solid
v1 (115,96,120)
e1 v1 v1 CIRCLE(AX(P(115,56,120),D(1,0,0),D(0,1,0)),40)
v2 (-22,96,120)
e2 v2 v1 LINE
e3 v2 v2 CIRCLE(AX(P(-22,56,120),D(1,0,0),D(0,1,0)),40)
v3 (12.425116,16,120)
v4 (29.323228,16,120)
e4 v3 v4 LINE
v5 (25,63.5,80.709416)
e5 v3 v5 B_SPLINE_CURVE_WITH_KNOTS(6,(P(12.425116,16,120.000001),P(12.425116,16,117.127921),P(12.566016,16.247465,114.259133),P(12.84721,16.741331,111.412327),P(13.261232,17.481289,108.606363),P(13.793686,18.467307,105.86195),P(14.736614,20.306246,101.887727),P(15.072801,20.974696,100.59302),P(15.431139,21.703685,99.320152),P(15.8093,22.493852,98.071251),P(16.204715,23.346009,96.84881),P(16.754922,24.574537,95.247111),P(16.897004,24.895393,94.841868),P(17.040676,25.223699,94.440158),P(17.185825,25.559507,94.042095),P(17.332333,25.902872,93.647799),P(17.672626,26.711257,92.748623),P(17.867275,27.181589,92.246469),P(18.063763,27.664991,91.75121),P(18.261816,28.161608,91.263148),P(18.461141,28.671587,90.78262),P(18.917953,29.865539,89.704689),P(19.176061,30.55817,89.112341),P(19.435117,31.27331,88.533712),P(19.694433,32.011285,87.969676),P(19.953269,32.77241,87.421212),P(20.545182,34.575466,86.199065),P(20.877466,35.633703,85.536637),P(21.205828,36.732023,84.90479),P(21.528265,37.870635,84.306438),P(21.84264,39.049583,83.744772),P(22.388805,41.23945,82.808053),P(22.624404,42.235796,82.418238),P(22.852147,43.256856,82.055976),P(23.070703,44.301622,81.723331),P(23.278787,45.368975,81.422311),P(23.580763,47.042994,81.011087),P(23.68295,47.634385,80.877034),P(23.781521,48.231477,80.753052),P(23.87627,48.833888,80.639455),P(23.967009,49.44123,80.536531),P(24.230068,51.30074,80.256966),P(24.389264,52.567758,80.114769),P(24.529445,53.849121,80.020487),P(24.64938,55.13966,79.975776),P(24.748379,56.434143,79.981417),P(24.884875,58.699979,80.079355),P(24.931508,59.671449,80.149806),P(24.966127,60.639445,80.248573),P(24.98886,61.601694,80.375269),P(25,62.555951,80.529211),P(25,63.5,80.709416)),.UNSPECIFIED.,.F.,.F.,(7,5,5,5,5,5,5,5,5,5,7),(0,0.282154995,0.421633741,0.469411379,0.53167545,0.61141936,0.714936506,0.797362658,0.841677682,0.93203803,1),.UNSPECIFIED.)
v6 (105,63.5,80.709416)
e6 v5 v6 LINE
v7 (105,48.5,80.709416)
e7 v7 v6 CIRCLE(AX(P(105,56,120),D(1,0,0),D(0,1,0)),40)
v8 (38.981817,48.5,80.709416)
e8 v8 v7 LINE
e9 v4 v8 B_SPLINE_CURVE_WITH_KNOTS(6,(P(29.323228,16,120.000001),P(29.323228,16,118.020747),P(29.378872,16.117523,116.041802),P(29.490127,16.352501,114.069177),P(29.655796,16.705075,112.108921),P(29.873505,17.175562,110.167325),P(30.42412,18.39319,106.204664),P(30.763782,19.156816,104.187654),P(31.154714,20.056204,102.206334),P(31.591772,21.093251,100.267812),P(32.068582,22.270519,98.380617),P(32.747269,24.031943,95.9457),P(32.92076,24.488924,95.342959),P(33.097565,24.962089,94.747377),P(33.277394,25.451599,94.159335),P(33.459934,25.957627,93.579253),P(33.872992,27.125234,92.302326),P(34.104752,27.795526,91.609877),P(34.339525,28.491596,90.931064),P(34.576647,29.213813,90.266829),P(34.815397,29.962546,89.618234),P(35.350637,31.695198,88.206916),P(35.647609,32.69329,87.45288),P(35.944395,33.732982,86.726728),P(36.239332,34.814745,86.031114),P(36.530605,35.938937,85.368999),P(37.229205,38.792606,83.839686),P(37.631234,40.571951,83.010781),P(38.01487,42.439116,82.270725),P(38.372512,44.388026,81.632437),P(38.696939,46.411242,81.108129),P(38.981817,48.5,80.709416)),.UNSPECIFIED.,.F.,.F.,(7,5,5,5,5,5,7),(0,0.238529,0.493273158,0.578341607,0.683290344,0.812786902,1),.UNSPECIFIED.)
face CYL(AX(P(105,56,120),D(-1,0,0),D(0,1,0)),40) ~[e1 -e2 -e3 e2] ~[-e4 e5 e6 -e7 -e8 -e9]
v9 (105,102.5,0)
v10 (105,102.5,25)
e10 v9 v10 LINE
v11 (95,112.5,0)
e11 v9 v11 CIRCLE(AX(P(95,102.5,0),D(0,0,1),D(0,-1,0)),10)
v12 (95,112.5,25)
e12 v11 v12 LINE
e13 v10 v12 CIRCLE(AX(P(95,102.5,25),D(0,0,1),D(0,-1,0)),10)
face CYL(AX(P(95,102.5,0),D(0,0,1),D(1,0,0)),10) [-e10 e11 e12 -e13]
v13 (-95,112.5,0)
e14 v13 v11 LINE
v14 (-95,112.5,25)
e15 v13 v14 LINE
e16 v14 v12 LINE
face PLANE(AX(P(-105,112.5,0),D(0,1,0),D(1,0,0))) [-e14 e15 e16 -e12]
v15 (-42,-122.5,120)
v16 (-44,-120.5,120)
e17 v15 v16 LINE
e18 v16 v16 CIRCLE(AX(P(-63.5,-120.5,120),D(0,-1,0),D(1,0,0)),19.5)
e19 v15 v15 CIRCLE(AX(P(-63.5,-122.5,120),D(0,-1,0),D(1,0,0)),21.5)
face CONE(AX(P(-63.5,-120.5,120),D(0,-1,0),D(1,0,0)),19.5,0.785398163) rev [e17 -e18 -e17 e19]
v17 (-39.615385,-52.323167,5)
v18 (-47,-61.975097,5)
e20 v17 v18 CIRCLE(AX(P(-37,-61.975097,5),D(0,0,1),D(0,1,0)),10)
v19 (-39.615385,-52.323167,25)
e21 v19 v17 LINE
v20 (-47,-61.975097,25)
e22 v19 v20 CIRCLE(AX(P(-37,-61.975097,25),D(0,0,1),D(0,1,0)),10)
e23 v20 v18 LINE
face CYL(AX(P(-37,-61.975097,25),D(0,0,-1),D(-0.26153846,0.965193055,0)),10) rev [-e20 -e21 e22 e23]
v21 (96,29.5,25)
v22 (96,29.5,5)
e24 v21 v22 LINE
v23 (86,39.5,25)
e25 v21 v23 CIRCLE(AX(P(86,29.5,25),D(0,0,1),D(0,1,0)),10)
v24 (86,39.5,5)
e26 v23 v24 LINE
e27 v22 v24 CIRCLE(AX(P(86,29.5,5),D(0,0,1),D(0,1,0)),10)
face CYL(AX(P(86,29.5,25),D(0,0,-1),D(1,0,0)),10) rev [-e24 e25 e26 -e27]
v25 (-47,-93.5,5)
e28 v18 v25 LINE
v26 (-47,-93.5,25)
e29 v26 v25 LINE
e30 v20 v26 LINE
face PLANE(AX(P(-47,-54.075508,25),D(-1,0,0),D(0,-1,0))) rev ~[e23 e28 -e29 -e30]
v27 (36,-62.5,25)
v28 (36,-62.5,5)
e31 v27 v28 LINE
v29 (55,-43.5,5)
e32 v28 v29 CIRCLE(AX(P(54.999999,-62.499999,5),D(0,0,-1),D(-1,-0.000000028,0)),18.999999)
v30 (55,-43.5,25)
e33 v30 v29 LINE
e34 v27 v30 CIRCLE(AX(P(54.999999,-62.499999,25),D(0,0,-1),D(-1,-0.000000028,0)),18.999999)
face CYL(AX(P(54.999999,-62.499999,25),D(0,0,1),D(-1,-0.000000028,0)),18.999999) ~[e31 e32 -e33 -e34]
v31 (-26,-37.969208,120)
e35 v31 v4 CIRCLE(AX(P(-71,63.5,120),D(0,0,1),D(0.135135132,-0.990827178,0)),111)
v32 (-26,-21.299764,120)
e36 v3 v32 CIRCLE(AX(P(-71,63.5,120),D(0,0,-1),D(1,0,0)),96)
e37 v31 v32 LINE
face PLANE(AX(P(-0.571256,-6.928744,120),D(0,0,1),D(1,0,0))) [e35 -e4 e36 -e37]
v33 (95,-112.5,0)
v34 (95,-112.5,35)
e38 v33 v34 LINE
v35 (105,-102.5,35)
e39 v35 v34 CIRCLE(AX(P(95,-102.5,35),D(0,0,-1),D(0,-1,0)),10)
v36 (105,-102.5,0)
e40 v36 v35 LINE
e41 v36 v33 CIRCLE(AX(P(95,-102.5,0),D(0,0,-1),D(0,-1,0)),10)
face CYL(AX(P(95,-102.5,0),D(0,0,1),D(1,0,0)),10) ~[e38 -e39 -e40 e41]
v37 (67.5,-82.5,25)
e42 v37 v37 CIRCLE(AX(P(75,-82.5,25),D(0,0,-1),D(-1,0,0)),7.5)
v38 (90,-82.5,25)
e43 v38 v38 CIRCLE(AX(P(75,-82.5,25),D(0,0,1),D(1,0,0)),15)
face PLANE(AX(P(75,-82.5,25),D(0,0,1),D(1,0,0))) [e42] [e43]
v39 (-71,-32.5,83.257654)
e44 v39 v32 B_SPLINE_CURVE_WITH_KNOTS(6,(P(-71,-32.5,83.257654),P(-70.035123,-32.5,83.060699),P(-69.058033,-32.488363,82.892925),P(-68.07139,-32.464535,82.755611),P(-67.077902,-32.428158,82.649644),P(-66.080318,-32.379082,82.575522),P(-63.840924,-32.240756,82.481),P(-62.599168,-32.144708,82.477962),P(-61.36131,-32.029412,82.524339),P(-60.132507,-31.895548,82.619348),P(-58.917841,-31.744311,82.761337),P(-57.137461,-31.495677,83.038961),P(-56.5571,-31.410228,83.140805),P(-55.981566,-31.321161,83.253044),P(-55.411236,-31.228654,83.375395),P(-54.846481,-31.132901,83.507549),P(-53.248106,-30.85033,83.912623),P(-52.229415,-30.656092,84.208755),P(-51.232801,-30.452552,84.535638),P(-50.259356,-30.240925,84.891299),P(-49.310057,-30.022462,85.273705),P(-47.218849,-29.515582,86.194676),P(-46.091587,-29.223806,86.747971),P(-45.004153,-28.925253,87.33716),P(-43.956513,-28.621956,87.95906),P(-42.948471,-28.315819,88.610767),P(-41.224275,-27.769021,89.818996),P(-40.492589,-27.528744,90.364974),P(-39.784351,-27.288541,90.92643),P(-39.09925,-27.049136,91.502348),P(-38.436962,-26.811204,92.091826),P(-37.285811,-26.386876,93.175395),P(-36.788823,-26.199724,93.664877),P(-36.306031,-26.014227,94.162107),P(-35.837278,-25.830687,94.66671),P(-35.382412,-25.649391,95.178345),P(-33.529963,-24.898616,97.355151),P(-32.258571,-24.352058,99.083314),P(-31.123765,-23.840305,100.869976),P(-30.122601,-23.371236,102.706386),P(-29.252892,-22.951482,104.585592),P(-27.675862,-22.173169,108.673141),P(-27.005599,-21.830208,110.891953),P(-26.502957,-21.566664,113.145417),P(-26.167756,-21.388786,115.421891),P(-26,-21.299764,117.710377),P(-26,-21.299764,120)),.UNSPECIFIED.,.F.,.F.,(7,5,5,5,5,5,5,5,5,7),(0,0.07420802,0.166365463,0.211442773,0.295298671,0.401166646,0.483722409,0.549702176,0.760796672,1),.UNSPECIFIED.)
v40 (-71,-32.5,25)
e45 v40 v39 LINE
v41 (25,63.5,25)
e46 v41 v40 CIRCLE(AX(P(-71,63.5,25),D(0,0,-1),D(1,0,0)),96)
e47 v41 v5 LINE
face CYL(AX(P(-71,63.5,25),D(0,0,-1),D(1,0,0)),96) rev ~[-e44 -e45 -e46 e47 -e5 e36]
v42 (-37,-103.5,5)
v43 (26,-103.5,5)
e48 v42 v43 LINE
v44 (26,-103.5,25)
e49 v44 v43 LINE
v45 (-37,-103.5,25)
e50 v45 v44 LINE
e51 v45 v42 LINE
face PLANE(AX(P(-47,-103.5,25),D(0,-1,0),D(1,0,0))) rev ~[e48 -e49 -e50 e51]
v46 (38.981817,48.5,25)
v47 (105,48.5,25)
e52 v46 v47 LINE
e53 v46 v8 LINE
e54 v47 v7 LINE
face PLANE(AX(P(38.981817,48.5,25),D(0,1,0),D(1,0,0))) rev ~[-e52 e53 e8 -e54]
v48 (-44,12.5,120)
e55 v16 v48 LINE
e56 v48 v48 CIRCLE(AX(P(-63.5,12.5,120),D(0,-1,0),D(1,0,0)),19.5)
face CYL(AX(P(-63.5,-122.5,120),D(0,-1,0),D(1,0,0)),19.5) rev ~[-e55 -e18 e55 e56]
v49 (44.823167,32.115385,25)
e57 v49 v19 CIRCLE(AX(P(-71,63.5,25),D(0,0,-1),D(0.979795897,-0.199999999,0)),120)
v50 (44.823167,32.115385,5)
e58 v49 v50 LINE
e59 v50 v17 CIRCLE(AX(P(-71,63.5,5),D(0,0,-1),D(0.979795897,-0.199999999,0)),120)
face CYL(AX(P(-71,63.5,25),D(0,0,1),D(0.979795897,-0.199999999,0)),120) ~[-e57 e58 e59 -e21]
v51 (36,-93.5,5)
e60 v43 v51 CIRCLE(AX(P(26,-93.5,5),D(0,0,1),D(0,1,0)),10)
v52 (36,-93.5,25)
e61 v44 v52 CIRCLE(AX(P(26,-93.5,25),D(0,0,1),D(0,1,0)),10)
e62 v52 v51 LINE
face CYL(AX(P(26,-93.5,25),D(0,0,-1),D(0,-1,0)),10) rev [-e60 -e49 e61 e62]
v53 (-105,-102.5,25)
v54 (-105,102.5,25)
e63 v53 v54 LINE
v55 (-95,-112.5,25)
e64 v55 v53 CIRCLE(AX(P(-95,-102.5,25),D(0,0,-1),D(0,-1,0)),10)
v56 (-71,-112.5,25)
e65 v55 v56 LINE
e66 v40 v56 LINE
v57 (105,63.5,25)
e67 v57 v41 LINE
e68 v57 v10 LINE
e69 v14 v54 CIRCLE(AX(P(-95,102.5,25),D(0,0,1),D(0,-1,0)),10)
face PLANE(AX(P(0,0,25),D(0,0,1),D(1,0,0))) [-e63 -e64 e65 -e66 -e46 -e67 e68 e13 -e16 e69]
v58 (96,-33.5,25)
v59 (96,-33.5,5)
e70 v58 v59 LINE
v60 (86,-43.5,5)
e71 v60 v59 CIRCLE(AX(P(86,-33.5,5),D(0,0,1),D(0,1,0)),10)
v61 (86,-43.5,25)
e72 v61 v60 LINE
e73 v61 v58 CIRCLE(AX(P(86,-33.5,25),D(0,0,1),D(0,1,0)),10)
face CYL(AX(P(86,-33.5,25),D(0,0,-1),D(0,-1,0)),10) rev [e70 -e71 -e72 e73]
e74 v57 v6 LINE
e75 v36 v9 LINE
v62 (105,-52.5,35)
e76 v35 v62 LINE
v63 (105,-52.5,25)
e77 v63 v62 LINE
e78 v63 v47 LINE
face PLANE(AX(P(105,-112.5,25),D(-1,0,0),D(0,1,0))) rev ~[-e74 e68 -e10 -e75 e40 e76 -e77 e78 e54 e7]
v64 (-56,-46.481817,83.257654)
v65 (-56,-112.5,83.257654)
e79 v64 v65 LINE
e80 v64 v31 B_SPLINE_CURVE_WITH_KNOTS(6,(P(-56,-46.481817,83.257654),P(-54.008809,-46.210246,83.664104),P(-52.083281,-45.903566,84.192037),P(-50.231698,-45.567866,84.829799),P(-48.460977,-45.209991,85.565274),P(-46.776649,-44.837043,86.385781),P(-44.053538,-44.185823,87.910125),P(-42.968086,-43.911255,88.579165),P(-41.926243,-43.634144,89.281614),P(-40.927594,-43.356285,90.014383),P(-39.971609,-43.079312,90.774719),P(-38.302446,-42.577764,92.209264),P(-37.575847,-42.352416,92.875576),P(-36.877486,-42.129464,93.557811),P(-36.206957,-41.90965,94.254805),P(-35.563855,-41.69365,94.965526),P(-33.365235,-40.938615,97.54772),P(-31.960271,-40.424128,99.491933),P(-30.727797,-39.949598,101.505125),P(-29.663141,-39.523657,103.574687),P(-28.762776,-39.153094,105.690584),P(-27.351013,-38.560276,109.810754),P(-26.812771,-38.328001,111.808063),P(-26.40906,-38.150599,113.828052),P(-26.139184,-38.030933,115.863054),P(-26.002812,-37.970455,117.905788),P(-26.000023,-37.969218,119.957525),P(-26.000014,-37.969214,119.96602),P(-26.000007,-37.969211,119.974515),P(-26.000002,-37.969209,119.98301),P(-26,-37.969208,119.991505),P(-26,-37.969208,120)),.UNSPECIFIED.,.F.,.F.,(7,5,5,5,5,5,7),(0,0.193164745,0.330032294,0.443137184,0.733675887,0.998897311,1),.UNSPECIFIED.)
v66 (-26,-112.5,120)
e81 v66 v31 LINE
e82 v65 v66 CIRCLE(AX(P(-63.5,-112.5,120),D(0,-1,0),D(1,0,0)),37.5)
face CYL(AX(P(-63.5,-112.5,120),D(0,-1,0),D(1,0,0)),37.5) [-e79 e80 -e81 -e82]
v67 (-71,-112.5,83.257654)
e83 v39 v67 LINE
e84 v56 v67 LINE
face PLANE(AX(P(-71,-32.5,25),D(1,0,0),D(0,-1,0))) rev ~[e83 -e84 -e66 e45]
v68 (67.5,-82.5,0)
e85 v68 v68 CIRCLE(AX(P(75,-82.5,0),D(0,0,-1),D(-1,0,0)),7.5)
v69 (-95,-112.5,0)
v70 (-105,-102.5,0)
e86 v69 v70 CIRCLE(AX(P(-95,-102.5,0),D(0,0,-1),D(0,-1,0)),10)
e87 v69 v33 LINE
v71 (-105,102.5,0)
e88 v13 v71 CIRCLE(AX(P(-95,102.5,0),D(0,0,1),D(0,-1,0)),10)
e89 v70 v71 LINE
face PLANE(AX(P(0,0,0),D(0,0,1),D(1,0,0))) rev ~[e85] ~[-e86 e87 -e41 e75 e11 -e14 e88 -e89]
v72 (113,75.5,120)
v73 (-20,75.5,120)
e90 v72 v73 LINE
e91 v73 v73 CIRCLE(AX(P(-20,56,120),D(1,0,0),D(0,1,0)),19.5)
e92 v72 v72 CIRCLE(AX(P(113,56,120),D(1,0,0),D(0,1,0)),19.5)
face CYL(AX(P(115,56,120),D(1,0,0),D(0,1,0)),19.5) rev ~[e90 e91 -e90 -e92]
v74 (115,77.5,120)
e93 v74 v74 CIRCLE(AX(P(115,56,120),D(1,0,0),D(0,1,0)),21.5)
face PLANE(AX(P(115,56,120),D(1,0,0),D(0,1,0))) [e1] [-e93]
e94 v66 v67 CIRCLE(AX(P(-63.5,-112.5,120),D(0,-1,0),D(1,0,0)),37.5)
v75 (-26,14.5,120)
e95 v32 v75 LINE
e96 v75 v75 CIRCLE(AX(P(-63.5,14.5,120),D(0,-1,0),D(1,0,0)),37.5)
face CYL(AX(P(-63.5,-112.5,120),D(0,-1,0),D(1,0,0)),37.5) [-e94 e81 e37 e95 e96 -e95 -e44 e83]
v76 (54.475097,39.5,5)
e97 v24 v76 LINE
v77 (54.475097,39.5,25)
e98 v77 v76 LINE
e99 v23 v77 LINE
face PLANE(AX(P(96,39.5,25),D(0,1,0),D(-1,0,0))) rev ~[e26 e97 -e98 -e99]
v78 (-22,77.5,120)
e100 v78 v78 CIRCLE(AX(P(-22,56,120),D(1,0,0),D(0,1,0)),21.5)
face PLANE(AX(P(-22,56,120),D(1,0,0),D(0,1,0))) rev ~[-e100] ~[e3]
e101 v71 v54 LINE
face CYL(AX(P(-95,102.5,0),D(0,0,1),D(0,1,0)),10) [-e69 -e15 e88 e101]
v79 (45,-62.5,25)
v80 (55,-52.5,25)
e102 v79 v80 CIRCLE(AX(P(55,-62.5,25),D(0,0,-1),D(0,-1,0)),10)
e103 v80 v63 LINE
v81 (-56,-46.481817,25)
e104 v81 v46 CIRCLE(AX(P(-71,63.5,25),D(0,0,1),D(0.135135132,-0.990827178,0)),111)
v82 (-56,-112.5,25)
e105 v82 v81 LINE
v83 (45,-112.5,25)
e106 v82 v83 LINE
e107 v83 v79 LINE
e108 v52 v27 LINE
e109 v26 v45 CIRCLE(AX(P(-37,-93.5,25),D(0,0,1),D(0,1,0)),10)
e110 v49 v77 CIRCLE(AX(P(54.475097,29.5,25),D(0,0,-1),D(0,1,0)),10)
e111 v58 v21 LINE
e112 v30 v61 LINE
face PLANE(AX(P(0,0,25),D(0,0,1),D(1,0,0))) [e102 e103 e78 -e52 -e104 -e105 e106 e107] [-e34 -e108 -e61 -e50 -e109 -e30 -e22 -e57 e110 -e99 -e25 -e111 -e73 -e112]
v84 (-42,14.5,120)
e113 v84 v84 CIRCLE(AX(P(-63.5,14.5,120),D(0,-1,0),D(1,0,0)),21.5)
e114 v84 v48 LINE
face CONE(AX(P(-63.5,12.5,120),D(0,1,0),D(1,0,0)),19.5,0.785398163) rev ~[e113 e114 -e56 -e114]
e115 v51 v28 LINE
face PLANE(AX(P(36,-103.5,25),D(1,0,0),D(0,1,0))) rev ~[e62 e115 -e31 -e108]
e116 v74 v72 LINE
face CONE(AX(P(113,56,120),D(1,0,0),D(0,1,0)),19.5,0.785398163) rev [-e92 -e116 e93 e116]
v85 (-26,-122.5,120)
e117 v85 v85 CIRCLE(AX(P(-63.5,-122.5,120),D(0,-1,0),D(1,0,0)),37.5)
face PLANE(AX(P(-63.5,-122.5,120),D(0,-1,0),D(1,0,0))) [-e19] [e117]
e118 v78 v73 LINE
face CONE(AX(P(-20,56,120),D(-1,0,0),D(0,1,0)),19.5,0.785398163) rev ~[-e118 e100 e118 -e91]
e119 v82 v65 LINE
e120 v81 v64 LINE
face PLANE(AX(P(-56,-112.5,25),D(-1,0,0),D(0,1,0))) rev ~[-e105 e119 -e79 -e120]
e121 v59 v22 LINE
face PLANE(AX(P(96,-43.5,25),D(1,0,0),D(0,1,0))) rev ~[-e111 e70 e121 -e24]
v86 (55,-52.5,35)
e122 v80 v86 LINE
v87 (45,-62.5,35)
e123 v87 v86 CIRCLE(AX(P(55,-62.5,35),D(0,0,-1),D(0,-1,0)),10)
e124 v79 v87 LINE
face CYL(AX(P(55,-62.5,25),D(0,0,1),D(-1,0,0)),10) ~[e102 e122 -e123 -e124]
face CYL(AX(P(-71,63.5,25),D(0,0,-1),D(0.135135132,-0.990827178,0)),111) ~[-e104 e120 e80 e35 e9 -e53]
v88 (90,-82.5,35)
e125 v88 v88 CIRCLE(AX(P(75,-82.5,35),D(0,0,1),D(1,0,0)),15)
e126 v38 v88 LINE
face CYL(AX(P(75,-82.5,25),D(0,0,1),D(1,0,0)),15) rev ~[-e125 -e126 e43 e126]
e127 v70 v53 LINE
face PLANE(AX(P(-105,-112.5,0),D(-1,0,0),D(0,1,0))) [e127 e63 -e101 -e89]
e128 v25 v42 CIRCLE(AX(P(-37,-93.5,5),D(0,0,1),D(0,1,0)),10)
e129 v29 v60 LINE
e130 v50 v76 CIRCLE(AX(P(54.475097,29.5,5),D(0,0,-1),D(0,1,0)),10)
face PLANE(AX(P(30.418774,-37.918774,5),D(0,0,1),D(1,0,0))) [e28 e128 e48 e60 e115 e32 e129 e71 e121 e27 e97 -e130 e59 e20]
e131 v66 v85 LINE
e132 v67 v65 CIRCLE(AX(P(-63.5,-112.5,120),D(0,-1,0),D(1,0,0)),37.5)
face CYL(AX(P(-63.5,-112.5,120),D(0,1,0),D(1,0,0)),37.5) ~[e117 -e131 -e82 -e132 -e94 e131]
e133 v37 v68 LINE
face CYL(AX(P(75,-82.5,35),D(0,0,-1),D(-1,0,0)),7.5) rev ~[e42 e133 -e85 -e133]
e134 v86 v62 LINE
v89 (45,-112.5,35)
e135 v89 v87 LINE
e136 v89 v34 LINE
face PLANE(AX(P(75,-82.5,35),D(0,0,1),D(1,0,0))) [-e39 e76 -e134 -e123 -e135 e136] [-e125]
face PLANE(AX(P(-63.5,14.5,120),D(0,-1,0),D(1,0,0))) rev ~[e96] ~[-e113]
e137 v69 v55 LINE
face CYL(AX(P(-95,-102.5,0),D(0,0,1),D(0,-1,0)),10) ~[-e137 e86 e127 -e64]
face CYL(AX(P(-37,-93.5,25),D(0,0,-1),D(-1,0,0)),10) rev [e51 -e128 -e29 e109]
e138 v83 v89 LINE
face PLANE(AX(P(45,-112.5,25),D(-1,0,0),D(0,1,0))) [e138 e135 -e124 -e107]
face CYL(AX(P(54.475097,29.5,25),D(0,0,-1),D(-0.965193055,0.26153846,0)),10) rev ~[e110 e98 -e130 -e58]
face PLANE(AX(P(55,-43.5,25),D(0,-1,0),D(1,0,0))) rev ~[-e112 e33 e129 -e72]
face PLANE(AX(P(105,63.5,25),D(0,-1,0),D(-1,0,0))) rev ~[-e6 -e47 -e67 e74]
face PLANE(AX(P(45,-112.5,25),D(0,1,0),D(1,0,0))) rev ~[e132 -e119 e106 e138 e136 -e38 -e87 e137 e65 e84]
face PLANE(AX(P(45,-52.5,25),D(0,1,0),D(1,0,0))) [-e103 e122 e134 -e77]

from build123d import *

# Parameters (mm, degrees)
F0_W            = 210
F0_H            = 225
F1_DEPTH        = 25
F3_DEPTH        = 95
F5_R            = 37.5
F6_DEPTH        = 10
F6_DEPTH_BACK   = 127
F7_R            = 40
F8_DEPTH        = 10
F8_DEPTH_BACK   = 127
F4_W            = 60
F4_H            = 60
F9_DEPTH        = 10
F10_R           = 10
F12_DEPTH       = 20
F14_D           = 15
F14_CBORE_D     = 30
F14_CBORE_DEPTH = 10
F15_R           = 10
F16_R           = 19.5
F17_DEPTH       = 235.001
F18_R           = 19.5
F19_DEPTH       = 220.001
F20_SIZE        = 2
F21_R           = 10


with BuildPart() as f1:
    # F0 (on Top) → F1 (new body)
    with BuildSketch(Plane.XY):
        Rectangle(F0_W, F0_H)
    extrude(amount=F1_DEPTH)

    # F2 (on face) → F3 (join)
    with BuildSketch(Plane.XY.offset(25)):
        with BuildLine():
            Line((-71, -32.5), (-71, -112.5))
            Line((-71, -112.5), (-56, -112.5))
            Line((-56, -112.5), (-56, -46.481817))
            ThreePointArc((-56, -46.481817), (7.488853, -14.988853), (38.981817, 48.5))
            Line((38.981817, 48.5), (105, 48.5))
            Line((105, 48.5), (105, 63.5))
            Line((105, 63.5), (25, 63.5))
            ThreePointArc((25, 63.5), (-3.117749, -4.382251), (-71, -32.5))
        make_face()
    extrude(amount=F3_DEPTH)

    # F5 (on face) → F6 (join, two sides)
    with BuildSketch(Plane.XZ.offset(112.5)) as f6_sk:
        with Locations((-63.5, 120)):
            Circle(F5_R)
    extrude(amount=F6_DEPTH)
    extrude(f6_sk.sketch, amount=-F6_DEPTH_BACK)

    # F7 (on face) → F8 (join, two sides)
    with BuildSketch(Plane.YZ.offset(105)) as f8_sk:
        with Locations((56, 120)):
            Circle(F7_R)
    extrude(amount=F8_DEPTH)
    extrude(f8_sk.sketch, amount=-F8_DEPTH_BACK)

    # F4 (on face) → F9 (join)
    with BuildSketch(Plane.XY.offset(25)):
        with Locations((75, -82.5)):
            Rectangle(F4_W, F4_H)
    extrude(amount=F9_DEPTH)

    # F10
    f10_edges = [f1.edges().sort_by_distance(p)[0] for p in [
        (45, -52.5, 30),
    ]]
    fillet(f10_edges, radius=F10_R)

    # F11 (on face) → F12 (cut)
    with BuildSketch(Plane.XY.offset(25)):
        with BuildLine():
            ThreePointArc((46.575508, 39.5), (13.852814, -21.352814), (-47, -54.075508))
            Line((-47, -54.075508), (-47, -103.5))
            Line((-47, -103.5), (36, -103.5))
            Line((36, -103.5), (36, -62.5))
            ThreePointArc((36, -62.5), (41.564971, -49.064971), (55, -43.5))
            Line((55, -43.5), (96, -43.5))
            Line((96, -43.5), (96, 39.5))
            Line((96, 39.5), (46.575508, 39.5))
        make_face()
    extrude(amount=-F12_DEPTH, mode=Mode.SUBTRACT)

    # F14 (through all)
    with Locations(Plane.XY.offset(35)):
        with Locations((75, -82.5)):
            CounterBoreHole(F14_D / 2, F14_CBORE_D / 2, F14_CBORE_DEPTH)

    # F15
    f15_edges = [f1.edges().sort_by_distance(p)[0] for p in [
        (-47, -54.075508, 15),
        (46.575508, 39.5, 15),
        (96, 39.5, 15),
        (96, -43.5, 15),
        (-47, -103.5, 15),
        (36, -103.5, 15),
    ]]
    fillet(f15_edges, radius=F15_R)

    # F16 (on face) → F17 (cut, through all)
    with BuildSketch(Plane.XZ.offset(122.5)):
        with Locations((-63.5, 120)):
            Circle(F16_R)
    extrude(amount=-F17_DEPTH, mode=Mode.SUBTRACT)

    # F18 (on face) → F19 (cut, through all)
    with BuildSketch(Plane.YZ.offset(115)):
        with Locations((56, 120)):
            Circle(F18_R)
    extrude(amount=-F19_DEPTH, mode=Mode.SUBTRACT)

    # F20
    f20_edges = [f1.edges().sort_by_distance(p)[0] for p in [
        (-83, -122.5, 120),
        (115, 36.5, 120),
        (-22, 36.5, 120),
        (-83, 14.5, 120),
    ]]
    chamfer(f20_edges, length=F20_SIZE)

    # F21
    f21_edges = [f1.edges().sort_by_distance(p)[0] for p in [
        (105, -112.5, 17.5),
        (-105, -112.5, 12.5),
        (105, 112.5, 12.5),
        (-105, 112.5, 12.5),
    ]]
    fillet(f21_edges, radius=F21_R)


solid = f1.part
